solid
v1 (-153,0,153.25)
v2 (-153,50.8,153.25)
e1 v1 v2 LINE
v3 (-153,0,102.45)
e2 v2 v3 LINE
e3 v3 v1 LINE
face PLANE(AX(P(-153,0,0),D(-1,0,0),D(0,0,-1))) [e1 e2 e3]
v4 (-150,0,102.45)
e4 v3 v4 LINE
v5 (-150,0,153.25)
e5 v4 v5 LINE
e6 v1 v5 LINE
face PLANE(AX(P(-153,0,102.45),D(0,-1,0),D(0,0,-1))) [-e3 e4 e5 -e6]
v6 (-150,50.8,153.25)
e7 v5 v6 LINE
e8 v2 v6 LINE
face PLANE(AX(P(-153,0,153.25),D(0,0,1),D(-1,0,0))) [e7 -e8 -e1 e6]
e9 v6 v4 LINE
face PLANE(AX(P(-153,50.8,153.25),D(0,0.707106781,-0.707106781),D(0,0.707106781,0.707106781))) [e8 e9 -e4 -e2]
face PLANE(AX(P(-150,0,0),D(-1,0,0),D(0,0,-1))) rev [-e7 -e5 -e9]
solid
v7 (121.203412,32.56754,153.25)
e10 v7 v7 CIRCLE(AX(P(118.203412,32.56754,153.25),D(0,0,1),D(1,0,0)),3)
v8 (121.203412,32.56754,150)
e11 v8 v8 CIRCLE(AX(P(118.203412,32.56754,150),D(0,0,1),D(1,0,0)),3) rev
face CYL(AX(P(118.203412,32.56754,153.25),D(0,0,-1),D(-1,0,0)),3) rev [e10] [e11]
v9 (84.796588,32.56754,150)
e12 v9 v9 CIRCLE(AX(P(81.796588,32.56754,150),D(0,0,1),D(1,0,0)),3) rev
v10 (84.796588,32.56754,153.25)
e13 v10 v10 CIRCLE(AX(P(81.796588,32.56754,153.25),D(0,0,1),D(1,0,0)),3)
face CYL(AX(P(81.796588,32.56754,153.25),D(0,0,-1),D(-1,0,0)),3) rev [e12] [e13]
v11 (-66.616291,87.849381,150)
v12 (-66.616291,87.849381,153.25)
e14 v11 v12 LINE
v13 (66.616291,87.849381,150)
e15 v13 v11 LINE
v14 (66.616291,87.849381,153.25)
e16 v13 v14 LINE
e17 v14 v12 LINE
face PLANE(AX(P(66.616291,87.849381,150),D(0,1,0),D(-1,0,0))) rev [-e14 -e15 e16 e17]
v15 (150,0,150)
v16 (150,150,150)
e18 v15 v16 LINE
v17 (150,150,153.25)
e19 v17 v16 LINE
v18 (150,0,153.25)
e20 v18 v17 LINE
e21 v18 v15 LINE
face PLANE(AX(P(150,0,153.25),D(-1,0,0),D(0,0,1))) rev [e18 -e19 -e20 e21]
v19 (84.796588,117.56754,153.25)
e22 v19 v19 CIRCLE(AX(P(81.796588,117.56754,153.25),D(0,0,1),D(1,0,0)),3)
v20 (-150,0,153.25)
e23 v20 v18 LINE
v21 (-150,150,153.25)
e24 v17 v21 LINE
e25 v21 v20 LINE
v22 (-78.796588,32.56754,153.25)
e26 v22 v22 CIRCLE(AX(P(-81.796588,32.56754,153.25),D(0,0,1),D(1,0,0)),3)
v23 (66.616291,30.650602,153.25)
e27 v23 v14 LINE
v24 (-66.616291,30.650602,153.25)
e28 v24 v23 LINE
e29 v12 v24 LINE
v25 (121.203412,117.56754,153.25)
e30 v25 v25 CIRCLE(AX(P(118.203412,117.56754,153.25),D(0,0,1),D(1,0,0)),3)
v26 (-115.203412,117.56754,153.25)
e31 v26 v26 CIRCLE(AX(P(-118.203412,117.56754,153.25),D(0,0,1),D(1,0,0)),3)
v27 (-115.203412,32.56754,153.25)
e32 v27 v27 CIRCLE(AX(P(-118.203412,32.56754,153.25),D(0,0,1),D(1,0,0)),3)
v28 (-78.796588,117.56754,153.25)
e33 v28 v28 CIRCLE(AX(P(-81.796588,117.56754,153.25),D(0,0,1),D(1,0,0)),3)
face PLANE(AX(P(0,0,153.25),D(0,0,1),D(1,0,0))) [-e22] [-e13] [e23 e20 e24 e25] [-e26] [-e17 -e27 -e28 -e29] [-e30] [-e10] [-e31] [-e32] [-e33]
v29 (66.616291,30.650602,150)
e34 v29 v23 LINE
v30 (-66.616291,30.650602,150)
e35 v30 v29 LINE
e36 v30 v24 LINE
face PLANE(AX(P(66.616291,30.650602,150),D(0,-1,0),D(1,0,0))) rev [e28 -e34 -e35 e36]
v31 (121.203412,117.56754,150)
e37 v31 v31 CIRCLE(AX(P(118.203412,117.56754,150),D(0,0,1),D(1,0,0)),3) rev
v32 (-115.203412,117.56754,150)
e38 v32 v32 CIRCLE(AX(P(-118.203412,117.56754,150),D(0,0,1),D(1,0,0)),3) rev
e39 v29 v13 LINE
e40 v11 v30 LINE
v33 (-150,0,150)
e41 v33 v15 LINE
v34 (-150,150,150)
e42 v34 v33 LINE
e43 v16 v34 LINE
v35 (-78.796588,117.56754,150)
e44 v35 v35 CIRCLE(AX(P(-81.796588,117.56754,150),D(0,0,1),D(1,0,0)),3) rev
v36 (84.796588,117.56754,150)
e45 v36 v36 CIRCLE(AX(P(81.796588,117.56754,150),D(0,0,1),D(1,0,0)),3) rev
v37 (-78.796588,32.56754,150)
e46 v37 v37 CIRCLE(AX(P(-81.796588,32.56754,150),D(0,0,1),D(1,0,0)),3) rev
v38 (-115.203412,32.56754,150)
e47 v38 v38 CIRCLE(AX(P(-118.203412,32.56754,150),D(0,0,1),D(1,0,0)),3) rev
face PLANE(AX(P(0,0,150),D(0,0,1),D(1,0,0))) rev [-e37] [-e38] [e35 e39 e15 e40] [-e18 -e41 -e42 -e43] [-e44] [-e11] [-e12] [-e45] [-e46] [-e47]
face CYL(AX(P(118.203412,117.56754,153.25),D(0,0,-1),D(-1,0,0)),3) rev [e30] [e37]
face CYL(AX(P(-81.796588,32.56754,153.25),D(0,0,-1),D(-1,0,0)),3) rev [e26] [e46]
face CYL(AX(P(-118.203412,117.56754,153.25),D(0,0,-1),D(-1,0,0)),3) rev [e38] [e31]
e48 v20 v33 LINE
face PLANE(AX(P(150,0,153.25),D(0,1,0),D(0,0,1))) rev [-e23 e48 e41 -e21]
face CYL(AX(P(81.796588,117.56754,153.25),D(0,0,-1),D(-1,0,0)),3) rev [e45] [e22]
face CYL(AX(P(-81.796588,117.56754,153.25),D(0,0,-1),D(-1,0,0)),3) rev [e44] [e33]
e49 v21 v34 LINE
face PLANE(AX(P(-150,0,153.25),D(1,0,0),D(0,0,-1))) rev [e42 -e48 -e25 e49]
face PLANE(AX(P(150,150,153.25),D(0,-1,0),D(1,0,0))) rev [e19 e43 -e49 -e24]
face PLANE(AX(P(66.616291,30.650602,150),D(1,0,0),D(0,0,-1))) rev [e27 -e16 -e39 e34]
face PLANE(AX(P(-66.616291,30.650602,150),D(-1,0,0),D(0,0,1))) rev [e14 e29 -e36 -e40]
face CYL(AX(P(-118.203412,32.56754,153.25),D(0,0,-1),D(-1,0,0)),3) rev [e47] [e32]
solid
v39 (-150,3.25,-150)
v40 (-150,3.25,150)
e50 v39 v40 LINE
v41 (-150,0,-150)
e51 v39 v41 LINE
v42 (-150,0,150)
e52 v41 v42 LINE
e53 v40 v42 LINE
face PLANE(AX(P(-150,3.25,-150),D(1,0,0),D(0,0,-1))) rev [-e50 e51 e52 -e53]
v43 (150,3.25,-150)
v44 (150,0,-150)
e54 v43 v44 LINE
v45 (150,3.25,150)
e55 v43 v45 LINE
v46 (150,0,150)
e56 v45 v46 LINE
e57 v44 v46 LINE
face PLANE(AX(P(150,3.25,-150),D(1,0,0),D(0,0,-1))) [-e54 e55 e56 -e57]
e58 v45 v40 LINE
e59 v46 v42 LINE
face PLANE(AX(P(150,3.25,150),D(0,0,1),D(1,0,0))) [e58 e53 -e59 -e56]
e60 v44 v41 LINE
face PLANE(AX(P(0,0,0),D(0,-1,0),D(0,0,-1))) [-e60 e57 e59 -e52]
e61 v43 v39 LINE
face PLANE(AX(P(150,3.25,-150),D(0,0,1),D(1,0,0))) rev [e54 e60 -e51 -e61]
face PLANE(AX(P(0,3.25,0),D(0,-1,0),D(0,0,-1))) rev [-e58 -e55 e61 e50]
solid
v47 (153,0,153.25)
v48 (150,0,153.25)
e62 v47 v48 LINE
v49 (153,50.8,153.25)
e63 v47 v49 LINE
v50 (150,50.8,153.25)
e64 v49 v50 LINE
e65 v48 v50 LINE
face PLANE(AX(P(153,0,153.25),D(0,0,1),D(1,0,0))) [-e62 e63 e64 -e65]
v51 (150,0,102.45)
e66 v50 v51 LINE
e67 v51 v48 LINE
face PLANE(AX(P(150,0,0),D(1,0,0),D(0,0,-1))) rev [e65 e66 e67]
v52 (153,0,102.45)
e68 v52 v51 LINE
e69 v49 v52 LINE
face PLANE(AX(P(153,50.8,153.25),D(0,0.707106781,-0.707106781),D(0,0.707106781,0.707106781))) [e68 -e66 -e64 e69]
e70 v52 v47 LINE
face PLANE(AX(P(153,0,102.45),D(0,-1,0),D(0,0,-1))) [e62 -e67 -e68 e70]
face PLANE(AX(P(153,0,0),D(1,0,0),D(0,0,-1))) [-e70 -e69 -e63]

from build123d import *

# Parameters (mm, degrees)
SKETCH1_W           = 300
SKETCH1_H           = 300
BOSS_EXTRUDE1_DEPTH = 3.25
SKETCH2_W           = 300
SKETCH2_H           = 150
BOSS_EXTRUDE2_DEPTH = 3.25
SKETCH3_W           = 133.232581151
SKETCH3_H           = 57.198779066
CUT_EXTRUDE1_DEPTH  = 3.25
SKETCH4_R           = 3
CUT_EXTRUDE2_DEPTH  = 21.75
BOSS_EXTRUDE3_DEPTH = 3


with BuildPart() as part:
    # Sketch1 → Boss-Extrude1 (new body)
    with BuildSketch(Plane(origin=(0, 0, 0), x_dir=(1, 0, 0), z_dir=(0, 1, 0))):
        Rectangle(SKETCH1_W, SKETCH1_H)
    extrude(amount=BOSS_EXTRUDE1_DEPTH)


with BuildPart() as body_2:
    # Sketch2 → Boss-Extrude2 (new body)
    with BuildSketch(Plane.XY.offset(150)):
        with Locations((0, 75)):
            Rectangle(SKETCH2_W, SKETCH2_H)
    extrude(amount=BOSS_EXTRUDE2_DEPTH)

    # Sketch3 → Cut-Extrude1 (cut)
    with BuildSketch(Plane.XY.offset(153.25)):
        with Locations((-1e-09, 59.249991748)):
            Rectangle(SKETCH3_W, SKETCH3_H)
    extrude(amount=-CUT_EXTRUDE1_DEPTH, mode=Mode.SUBTRACT)

    # Sketch4 → Cut-Extrude2 (cut, through all)
    with BuildSketch(Plane.XY.offset(132.5)):
        with Locations((81.79658804, 117.567539588)):
            Circle(SKETCH4_R)
        with Locations((118.20341196, 117.567539588)):
            Circle(SKETCH4_R)
        with Locations((118.20341196, 32.567539588)):
            Circle(SKETCH4_R)
        with Locations((81.79658804, 32.567539588)):
            Circle(SKETCH4_R)
        with Locations((-81.79658804, 32.567539588)):
            Circle(SKETCH4_R)
        with Locations((-118.20341196, 32.567539588)):
            Circle(SKETCH4_R)
        with Locations((-118.20341196, 117.567539588)):
            Circle(SKETCH4_R)
        with Locations((-81.79658804, 117.567539588)):
            Circle(SKETCH4_R)
    extrude(amount=CUT_EXTRUDE2_DEPTH, mode=Mode.SUBTRACT)


with BuildPart() as body_3:
    # Sketch5 → Boss-Extrude3 (new body)
    with BuildSketch(Plane(origin=(150, 0, 0), x_dir=(0, 0, -1), z_dir=(1, 0, 0))):
        Polygon((-153.25, 0), (-153.25, 50.8), (-102.45, 0), align=None)
    extrude(amount=BOSS_EXTRUDE3_DEPTH)


with BuildPart() as body_4:
    # Mirror1: mirrored copy
    add(body_3.part.mirror(Plane(origin=(0, 0, 0), x_dir=(0, 0, 1), z_dir=(1, 0, 0))))


solid = Compound([part.part, body_2.part, body_3.part, body_4.part])
